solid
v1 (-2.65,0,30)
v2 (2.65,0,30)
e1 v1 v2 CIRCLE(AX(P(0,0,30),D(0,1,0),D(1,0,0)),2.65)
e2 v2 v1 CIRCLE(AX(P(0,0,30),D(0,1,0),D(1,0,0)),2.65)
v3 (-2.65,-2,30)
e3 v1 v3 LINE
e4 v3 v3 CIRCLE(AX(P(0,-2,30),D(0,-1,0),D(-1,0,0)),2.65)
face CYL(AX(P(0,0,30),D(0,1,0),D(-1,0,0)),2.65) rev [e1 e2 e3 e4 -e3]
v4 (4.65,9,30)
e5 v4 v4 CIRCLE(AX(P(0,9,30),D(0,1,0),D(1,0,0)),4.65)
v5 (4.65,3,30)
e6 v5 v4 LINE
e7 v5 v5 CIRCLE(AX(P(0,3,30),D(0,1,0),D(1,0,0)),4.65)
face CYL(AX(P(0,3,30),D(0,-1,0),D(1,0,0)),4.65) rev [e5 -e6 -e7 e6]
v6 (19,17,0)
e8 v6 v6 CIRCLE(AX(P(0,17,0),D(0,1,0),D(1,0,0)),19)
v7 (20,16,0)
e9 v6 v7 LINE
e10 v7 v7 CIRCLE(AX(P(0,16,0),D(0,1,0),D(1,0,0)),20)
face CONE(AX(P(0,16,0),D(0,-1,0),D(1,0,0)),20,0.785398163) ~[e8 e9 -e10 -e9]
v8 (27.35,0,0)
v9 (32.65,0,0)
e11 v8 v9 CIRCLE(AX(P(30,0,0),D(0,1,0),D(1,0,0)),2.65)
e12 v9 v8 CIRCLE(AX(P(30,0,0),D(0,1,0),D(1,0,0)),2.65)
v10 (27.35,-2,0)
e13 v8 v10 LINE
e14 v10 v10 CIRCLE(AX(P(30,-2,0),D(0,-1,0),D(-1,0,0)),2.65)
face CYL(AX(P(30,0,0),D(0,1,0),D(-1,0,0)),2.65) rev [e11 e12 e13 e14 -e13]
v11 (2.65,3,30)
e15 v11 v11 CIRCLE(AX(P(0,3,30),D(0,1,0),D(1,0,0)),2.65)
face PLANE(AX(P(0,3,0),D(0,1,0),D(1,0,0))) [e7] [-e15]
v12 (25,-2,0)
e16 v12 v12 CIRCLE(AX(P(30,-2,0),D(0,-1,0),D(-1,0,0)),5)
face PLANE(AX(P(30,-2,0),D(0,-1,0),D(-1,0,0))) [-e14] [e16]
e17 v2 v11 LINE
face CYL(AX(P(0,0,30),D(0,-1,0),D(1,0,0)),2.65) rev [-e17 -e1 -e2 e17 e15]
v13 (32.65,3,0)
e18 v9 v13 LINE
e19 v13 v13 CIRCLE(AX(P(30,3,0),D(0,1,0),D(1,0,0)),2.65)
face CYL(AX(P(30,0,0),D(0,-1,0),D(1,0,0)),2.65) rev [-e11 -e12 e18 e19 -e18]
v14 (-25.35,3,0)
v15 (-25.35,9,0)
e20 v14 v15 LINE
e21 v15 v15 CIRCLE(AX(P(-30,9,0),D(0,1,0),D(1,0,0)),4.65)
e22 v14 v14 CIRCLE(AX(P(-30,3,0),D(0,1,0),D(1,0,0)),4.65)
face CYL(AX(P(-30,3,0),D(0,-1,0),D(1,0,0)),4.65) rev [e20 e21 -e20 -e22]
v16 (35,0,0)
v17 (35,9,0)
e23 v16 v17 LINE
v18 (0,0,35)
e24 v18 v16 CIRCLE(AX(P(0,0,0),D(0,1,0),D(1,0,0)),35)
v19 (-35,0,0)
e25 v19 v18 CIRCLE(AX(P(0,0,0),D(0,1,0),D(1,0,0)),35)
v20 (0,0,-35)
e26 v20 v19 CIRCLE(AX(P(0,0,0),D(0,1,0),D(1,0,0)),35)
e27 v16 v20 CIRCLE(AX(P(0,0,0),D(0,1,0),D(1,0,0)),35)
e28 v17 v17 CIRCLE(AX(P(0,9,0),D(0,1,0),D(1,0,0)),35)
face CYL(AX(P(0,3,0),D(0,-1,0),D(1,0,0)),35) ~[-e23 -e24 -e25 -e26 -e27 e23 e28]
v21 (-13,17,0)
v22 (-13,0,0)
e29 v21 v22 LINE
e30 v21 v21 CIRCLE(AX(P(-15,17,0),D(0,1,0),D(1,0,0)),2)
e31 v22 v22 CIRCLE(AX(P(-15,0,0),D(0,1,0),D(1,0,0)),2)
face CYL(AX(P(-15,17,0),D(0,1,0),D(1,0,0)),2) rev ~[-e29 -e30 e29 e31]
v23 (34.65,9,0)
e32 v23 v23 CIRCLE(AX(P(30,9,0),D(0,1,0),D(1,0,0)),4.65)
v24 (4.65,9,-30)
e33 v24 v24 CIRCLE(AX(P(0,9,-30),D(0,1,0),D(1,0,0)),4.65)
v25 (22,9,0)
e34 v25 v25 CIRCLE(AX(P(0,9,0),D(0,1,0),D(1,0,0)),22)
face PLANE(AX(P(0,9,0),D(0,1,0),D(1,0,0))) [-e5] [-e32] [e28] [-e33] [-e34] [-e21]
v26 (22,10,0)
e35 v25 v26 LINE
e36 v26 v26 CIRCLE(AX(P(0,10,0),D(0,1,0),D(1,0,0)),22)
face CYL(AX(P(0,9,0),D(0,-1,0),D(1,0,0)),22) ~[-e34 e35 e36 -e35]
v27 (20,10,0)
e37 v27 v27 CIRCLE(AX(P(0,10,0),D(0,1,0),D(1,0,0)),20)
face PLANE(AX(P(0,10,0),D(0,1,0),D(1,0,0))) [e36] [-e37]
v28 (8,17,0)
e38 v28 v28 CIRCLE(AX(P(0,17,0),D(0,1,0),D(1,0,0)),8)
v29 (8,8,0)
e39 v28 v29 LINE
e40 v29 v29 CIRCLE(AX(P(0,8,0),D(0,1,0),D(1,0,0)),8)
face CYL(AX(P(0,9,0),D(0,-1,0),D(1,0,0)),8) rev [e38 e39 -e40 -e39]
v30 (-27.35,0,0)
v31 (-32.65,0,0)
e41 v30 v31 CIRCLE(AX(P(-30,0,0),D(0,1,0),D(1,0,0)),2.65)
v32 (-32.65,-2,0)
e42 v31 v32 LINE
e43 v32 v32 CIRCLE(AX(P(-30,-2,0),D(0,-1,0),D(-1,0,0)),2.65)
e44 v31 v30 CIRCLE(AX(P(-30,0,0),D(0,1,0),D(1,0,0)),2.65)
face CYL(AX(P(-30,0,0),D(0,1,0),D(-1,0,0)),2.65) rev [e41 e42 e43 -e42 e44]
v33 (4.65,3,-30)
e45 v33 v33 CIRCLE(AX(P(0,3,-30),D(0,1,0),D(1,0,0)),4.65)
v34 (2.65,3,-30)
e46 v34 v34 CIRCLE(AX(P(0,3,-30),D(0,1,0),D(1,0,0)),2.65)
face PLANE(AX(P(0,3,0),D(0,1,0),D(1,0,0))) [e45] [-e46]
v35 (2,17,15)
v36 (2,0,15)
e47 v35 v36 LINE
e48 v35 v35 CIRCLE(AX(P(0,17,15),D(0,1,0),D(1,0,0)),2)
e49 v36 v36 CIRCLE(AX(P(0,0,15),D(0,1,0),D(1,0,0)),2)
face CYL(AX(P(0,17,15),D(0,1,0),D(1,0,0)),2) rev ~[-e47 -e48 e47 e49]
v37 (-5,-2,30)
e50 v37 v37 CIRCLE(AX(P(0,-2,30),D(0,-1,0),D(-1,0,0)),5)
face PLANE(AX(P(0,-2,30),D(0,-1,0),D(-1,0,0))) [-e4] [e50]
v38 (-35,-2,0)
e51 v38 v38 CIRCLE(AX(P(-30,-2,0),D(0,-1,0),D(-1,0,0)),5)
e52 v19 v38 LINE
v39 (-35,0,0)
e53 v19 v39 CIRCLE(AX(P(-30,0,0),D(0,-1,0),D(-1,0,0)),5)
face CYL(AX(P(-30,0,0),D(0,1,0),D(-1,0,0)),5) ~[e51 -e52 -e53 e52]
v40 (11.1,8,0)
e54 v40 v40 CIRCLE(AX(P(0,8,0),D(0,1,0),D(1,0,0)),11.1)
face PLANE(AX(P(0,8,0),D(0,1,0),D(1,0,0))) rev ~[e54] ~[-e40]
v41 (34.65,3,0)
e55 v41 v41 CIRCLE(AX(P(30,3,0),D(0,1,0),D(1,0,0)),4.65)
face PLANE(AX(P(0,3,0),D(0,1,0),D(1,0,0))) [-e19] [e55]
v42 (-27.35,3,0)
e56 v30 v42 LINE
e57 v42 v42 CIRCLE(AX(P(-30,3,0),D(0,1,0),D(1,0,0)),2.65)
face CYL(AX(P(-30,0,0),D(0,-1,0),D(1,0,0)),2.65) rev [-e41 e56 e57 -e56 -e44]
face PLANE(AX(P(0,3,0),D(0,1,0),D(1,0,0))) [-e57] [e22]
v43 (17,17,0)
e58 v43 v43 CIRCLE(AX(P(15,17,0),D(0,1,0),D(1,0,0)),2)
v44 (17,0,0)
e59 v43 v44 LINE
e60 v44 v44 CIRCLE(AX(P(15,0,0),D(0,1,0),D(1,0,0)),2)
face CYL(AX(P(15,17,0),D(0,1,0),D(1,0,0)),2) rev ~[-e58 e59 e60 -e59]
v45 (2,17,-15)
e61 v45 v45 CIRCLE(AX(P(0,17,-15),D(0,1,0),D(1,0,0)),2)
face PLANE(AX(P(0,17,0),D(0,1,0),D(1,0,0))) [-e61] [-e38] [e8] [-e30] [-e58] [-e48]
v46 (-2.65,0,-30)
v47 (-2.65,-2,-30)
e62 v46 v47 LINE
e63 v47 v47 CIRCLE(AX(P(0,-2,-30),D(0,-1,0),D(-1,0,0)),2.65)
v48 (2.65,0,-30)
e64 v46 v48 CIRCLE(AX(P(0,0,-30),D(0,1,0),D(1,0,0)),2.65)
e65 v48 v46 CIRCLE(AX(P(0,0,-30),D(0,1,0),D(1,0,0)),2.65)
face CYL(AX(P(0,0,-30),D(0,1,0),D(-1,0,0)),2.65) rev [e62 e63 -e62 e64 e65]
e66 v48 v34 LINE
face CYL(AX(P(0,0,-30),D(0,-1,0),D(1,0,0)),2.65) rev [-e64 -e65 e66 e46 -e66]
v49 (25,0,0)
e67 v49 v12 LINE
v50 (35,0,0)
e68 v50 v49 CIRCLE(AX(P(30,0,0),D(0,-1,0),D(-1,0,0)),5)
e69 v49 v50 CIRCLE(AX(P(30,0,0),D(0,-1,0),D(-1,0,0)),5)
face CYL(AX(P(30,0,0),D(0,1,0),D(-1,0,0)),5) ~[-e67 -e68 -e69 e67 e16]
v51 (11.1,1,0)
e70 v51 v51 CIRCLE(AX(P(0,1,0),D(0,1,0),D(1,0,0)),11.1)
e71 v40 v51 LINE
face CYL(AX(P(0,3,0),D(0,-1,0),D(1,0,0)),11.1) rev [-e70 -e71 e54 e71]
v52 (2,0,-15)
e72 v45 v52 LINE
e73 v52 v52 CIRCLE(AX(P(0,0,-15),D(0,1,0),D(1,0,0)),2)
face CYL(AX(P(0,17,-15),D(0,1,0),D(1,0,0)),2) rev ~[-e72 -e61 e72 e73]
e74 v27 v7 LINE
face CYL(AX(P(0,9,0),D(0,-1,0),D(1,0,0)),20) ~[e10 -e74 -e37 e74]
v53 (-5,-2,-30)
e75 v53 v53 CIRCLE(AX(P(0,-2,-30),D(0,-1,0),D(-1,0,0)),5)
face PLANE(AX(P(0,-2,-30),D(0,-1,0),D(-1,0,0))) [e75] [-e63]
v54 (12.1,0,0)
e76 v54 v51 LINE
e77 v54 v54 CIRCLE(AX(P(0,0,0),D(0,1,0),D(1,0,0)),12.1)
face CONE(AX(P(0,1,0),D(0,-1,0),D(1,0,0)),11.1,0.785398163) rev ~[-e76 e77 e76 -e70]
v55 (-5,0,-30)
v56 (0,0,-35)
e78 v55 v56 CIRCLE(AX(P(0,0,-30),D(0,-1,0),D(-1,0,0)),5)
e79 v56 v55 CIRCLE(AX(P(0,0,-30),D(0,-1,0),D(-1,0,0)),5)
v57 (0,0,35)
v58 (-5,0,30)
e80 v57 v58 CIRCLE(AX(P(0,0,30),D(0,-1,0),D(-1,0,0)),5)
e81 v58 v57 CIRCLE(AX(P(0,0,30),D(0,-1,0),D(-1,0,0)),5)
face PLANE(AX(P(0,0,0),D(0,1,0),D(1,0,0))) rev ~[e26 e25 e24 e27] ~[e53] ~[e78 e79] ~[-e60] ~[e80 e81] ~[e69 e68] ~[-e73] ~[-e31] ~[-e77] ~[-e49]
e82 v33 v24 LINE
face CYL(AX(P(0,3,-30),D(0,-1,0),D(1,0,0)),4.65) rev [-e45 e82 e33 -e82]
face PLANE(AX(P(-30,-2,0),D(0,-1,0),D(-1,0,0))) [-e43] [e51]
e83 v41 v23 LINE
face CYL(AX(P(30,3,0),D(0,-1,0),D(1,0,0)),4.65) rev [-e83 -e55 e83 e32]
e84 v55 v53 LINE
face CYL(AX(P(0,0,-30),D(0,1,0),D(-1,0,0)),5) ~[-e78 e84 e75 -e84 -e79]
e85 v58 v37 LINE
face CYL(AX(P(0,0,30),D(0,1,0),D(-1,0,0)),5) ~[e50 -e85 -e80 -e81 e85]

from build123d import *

# Parameters (mm, degrees)
SKETCH1_R           = 35
SKETCH1_R_2         = 11.1
SKETCH1_R_3         = 2.65
BOSS_EXTRUDE1_DEPTH = 3
SKETCH2_R           = 35
SKETCH2_R_2         = 4.65
SKETCH2_R_3         = 11.1
BOSS_EXTRUDE2_DEPTH = 6
SKETCH3_R           = 11.1
SKETCH3_R_2         = 8
BOSS_EXTRUDE3_DEPTH = 1
SKETCH4_R           = 20
SKETCH4_R_2         = 8
BOSS_EXTRUDE4_DEPTH = 8
SKETCH5_R           = 22
SKETCH5_R_2         = 20
BOSS_EXTRUDE5_DEPTH = 1
SKETCH6_R           = 5
SKETCH6_R_2         = 2.65
BOSS_EXTRUDE6_DEPTH = 2
SKETCH7_R           = 2
CUT_EXTRUDE1_DEPTH  = 20
CHAMFER1_SIZE       = 1


with BuildPart() as part:
    # Sketch1 → Boss-Extrude1 (new body)
    with BuildSketch(Plane(origin=(0, 0, 0), x_dir=(1, 0, 0), z_dir=(0, 1, 0))):
        Circle(SKETCH1_R)
        Circle(SKETCH1_R_2, mode=Mode.SUBTRACT)
        with Locations((0, 30)):
            Circle(SKETCH1_R_3, mode=Mode.SUBTRACT)
        with Locations((30, 0)):
            Circle(SKETCH1_R_3, mode=Mode.SUBTRACT)
        with Locations((0, -30)):
            Circle(SKETCH1_R_3, mode=Mode.SUBTRACT)
        with Locations((-30, 0)):
            Circle(SKETCH1_R_3, mode=Mode.SUBTRACT)
    extrude(amount=BOSS_EXTRUDE1_DEPTH)

    # Sketch2 → Boss-Extrude2 (add)
    with BuildSketch(Plane(origin=(0, 3, 0), x_dir=(1, 0, 0), z_dir=(0, 1, 0))):
        Circle(SKETCH2_R)
        with Locations((0, -30)):
            Circle(SKETCH2_R_2, mode=Mode.SUBTRACT)
        with Locations((30, 0)):
            Circle(SKETCH2_R_2, mode=Mode.SUBTRACT)
        with Locations((0, 30)):
            Circle(SKETCH2_R_2, mode=Mode.SUBTRACT)
        with Locations((-30, 0)):
            Circle(SKETCH2_R_2, mode=Mode.SUBTRACT)
        Circle(SKETCH2_R_3, mode=Mode.SUBTRACT)
    extrude(amount=BOSS_EXTRUDE2_DEPTH)

    # Sketch3 → Boss-Extrude3 (add)
    with BuildSketch(Plane(origin=(0, 9, 0), x_dir=(1, 0, 0), z_dir=(0, 1, 0))):
        Circle(SKETCH3_R)
        Circle(SKETCH3_R_2, mode=Mode.SUBTRACT)
    extrude(amount=-BOSS_EXTRUDE3_DEPTH)

    # Sketch4 → Boss-Extrude4 (add)
    with BuildSketch(Plane(origin=(0, 9, 0), x_dir=(1, 0, 0), z_dir=(0, 1, 0))):
        Circle(SKETCH4_R)
        Circle(SKETCH4_R_2, mode=Mode.SUBTRACT)
    extrude(amount=BOSS_EXTRUDE4_DEPTH)

    # Sketch5 → Boss-Extrude5 (add)
    with BuildSketch(Plane(origin=(0, 9, 0), x_dir=(1, 0, 0), z_dir=(0, 1, 0))):
        Circle(SKETCH5_R)
        Circle(SKETCH5_R_2, mode=Mode.SUBTRACT)
    extrude(amount=BOSS_EXTRUDE5_DEPTH)

    # Sketch6 → Boss-Extrude6 (add)
    with BuildSketch(Plane(origin=(0, 0, 0), x_dir=(-1, 0, 0), z_dir=(0, -1, 0))):
        with Locations((30, 0)):
            Circle(SKETCH6_R)
        with Locations((30, 0)):
            Circle(SKETCH6_R_2, mode=Mode.SUBTRACT)
        with Locations((0, -30)):
            Circle(SKETCH6_R)
        with Locations((0, -30)):
            Circle(SKETCH6_R_2, mode=Mode.SUBTRACT)
        with Locations((-30, 0)):
            Circle(SKETCH6_R)
        with Locations((-30, 0)):
            Circle(SKETCH6_R_2, mode=Mode.SUBTRACT)
        with Locations((0, 30)):
            Circle(SKETCH6_R)
        with Locations((0, 30)):
            Circle(SKETCH6_R_2, mode=Mode.SUBTRACT)
    extrude(amount=BOSS_EXTRUDE6_DEPTH)

    # Sketch7 → Cut-Extrude1 (cut, through all)
    with BuildSketch(Plane(origin=(0, 17, 0), x_dir=(1, 0, 0), z_dir=(0, 1, 0))):
        with Locations((0, 15)):
            Circle(SKETCH7_R)
        with Locations((15, 0)):
            Circle(SKETCH7_R)
        with Locations((0, -15)):
            Circle(SKETCH7_R)
        with Locations((-15, 0)):
            Circle(SKETCH7_R)
    extrude(amount=-CUT_EXTRUDE1_DEPTH, mode=Mode.SUBTRACT)

    # Chamfer1
    chamfer1_edges = [part.edges().sort_by_distance(p)[0] for p in [
        (-11.1, 0, 0),
        (-20, 17, 0),
    ]]
    chamfer(chamfer1_edges, length=CHAMFER1_SIZE)


solid = part.part
